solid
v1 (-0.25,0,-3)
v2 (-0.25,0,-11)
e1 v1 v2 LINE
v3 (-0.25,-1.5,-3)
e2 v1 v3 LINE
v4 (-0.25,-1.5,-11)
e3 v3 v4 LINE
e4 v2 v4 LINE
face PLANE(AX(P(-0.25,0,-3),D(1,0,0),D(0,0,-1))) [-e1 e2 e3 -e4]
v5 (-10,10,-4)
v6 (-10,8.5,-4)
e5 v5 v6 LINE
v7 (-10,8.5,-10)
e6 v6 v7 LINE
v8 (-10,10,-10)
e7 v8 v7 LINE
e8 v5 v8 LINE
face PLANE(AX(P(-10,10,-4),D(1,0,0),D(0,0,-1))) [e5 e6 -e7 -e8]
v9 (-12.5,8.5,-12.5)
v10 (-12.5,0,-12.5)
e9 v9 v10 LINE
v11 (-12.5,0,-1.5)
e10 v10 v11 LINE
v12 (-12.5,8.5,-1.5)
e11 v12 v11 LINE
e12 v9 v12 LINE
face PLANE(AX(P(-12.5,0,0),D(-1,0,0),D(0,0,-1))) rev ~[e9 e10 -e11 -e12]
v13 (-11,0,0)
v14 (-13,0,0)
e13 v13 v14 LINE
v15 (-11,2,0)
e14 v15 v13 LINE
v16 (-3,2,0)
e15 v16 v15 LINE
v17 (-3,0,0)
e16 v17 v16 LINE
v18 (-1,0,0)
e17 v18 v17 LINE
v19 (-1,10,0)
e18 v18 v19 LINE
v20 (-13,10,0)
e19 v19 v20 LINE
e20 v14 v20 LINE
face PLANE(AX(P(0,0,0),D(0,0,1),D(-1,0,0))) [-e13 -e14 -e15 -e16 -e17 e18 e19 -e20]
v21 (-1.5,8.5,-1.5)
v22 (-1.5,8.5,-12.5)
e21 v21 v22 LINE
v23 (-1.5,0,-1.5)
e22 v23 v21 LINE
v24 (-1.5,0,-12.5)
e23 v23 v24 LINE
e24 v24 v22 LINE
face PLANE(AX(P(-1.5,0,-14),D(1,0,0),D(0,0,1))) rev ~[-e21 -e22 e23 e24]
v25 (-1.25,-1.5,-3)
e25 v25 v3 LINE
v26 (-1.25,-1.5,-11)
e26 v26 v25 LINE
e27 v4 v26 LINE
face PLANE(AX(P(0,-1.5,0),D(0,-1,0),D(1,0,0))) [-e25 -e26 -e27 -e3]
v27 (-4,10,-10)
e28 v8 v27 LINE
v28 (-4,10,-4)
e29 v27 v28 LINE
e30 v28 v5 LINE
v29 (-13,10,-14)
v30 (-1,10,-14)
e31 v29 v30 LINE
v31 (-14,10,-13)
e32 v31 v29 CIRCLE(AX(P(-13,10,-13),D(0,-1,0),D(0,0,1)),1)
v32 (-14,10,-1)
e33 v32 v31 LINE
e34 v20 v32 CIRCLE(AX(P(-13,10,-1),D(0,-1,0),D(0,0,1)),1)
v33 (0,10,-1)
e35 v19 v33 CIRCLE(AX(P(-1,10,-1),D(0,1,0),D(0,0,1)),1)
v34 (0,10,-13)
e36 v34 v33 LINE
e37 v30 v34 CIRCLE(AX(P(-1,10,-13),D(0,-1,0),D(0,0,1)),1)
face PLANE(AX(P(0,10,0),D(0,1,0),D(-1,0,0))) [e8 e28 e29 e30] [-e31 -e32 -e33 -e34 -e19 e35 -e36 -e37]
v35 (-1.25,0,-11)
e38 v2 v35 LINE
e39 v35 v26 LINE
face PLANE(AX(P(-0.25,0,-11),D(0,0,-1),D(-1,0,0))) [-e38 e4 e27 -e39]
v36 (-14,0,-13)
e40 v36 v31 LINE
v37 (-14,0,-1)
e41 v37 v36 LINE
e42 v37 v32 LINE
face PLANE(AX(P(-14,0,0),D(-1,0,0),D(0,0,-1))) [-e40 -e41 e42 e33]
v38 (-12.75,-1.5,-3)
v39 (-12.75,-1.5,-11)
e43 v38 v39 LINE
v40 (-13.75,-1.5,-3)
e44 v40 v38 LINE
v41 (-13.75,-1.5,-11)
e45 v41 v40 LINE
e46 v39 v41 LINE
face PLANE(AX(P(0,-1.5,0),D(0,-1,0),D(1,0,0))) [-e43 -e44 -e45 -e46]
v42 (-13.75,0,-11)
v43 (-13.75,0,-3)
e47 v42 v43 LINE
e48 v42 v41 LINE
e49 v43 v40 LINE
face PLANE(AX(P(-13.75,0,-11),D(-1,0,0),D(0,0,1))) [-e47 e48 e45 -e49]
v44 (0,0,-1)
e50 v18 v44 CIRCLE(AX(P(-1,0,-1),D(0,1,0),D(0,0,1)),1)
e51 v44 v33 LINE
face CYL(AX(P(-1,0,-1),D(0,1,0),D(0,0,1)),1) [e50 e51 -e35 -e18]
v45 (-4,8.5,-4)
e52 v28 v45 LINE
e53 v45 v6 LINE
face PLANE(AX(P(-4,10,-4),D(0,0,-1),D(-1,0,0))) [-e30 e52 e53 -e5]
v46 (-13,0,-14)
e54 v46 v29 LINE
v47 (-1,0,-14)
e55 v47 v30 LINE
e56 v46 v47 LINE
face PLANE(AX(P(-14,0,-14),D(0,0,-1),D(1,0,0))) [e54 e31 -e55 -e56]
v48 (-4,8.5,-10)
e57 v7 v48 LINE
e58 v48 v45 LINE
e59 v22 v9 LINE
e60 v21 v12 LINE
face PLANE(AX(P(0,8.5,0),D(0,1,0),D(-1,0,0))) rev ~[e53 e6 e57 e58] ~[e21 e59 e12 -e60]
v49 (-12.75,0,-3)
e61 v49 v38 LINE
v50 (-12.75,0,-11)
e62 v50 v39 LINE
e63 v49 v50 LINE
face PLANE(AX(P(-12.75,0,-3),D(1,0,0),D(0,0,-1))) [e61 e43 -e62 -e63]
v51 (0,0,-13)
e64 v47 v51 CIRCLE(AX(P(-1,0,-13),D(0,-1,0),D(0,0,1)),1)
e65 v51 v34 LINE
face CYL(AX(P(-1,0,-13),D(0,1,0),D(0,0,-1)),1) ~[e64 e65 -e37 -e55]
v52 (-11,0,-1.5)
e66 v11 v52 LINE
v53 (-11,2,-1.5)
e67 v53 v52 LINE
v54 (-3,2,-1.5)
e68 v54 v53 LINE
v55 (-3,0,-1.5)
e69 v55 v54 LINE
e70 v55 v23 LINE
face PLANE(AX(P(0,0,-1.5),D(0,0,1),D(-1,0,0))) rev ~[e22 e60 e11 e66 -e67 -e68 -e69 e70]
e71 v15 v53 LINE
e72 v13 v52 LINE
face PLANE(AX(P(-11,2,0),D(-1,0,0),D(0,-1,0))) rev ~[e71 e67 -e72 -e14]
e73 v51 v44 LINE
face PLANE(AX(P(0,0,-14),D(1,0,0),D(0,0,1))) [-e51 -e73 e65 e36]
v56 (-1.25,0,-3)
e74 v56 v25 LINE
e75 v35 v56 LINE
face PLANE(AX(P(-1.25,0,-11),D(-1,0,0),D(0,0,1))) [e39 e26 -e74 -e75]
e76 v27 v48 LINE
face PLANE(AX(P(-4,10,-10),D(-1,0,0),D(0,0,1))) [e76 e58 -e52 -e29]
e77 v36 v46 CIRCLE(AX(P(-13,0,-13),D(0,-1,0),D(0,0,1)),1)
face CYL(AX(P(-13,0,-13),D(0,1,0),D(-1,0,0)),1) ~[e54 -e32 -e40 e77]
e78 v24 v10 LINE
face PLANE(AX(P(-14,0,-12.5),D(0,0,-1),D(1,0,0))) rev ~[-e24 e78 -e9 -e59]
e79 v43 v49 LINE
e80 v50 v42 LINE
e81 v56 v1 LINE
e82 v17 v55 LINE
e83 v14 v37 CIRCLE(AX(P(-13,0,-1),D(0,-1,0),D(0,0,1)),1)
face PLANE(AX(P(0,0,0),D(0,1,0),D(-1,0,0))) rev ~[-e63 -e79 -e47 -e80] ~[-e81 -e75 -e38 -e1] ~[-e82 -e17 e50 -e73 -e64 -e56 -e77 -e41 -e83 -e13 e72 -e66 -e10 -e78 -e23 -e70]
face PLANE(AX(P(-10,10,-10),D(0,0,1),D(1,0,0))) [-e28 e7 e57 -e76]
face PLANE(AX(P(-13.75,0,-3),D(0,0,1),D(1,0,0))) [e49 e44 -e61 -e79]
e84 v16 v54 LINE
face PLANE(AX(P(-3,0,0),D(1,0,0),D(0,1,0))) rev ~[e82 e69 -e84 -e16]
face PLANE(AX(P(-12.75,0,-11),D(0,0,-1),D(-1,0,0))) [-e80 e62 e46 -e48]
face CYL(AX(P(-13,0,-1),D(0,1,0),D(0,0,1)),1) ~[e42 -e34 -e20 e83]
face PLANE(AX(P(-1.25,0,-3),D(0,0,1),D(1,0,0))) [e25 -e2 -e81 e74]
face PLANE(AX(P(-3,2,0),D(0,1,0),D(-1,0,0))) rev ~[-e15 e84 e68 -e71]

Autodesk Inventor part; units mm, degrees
ref_plane "YZ Plane" through (0, 0, 0) normal (1, 0, 0) x (0, 1, 0)
ref_plane "XZ Plane" through (0, 0, 0) normal (0, 1, 0) x (-1, 0, 0)
ref_plane "XY Plane" through (0, 0, 0) normal (0, 0, 1) x (1, 0, 0)
sketch "Sketch1" plane through (0, 0, 0) normal (0, 1, 0) x (-1, 0, 0)
  line L0 (0, 0) -> (14, 0)
  line L1 (14, 0) -> (14, -14)
  line L2 (14, -14) -> (0, -14)
  line L3 (0, -14) -> (0, 0)
  dimension "d0" = 14
  dimension "d1" = 14
extrude "Extrusion1" add sketch "Sketch1" along normal blind 10
fillet "Fillet2" radius 1 4 edges at (0, 5, 0) (0, 5, -14) (-14, 5, 0) (-14, 5, -14)
shell "Shell1" thickness 1.5 removed faces 1 at (-9.3333, 0, -9)
sketch "Sketch3" plane through (0, 0, 0) normal (0, -1, 0) x (1, 0, 0)
  line L0 (-0.25, -11) -> (-1.25, -11)
  line L1 (-1.25, -11) -> (-1.25, -3)
  line L2 (-1.25, -3) -> (-0.25, -3)
  line L3 (-0.25, -3) -> (-0.25, -11)
  line L4 (0, -1) -> (0, -13) projected
  line L5 (-13, 0) -> (-1, 0) projected
  line L6 (-12.75, -11) -> (-13.75, -11)
  line L7 (-13.75, -11) -> (-13.75, -3)
  line L8 (-13.75, -3) -> (-12.75, -3)
  line L9 (-12.75, -3) -> (-12.75, -11)
  line L10 (-14, -13) -> (-14, -1) projected
  point P0 (0, 0)
  dimension "d13" = 8
  dimension "d14" = 1
  dimension "d15" = 0.25
  dimension "d16" = 3
  dimension "d17" = 1
  dimension "d18" = 8
  dimension "d19" = 0.25
  dimension "d20" = 3
extrude "Extrusion3" add sketch "Sketch3" along normal blind 1.5
sketch "Sketch4" plane through (0, 10, 0) normal (0, 1, 0) x (1, 0, 0)
  line L0 (-10, 10) -> (-4, 10)
  line L1 (-4, 10) -> (-4, 4)
  line L2 (-4, 4) -> (-10, 4)
  line L3 (-10, 4) -> (-10, 10)
  line L4 (-1, 14) -> (-13, 14) projected
  line L5 (0, 1) -> (0, 13) projected
  point P0 (0, 0)
  dimension "d23" = 6
  dimension "d24" = 6
  dimension "d25" = 4
  dimension "d26" = 4
extrude "Extrusion4" cut sketch "Sketch4" against normal blind 10
sketch "Sketch5" plane through (-13, 0, 0) normal (0, 0, 1) x (1, 0, 0)
  line L0 (12, 0) -> (0, 0) projected
  line L1 (2, 0) -> (10, 0)
  line L2 (10, 0) -> (10, 2)
  line L3 (10, 2) -> (2, 2)
  line L4 (2, 2) -> (2, 0)
  line L5 (-1, 10) -> (-1, 0) projected
  point P0 (13, 0)
  dimension "d29" = 2
  dimension "d30" = 8
  dimension "d31" = 3
extrude "Extrusion5" cut sketch "Sketch5" against normal blind 10
properties part number "Small_Button_Part_Two"
